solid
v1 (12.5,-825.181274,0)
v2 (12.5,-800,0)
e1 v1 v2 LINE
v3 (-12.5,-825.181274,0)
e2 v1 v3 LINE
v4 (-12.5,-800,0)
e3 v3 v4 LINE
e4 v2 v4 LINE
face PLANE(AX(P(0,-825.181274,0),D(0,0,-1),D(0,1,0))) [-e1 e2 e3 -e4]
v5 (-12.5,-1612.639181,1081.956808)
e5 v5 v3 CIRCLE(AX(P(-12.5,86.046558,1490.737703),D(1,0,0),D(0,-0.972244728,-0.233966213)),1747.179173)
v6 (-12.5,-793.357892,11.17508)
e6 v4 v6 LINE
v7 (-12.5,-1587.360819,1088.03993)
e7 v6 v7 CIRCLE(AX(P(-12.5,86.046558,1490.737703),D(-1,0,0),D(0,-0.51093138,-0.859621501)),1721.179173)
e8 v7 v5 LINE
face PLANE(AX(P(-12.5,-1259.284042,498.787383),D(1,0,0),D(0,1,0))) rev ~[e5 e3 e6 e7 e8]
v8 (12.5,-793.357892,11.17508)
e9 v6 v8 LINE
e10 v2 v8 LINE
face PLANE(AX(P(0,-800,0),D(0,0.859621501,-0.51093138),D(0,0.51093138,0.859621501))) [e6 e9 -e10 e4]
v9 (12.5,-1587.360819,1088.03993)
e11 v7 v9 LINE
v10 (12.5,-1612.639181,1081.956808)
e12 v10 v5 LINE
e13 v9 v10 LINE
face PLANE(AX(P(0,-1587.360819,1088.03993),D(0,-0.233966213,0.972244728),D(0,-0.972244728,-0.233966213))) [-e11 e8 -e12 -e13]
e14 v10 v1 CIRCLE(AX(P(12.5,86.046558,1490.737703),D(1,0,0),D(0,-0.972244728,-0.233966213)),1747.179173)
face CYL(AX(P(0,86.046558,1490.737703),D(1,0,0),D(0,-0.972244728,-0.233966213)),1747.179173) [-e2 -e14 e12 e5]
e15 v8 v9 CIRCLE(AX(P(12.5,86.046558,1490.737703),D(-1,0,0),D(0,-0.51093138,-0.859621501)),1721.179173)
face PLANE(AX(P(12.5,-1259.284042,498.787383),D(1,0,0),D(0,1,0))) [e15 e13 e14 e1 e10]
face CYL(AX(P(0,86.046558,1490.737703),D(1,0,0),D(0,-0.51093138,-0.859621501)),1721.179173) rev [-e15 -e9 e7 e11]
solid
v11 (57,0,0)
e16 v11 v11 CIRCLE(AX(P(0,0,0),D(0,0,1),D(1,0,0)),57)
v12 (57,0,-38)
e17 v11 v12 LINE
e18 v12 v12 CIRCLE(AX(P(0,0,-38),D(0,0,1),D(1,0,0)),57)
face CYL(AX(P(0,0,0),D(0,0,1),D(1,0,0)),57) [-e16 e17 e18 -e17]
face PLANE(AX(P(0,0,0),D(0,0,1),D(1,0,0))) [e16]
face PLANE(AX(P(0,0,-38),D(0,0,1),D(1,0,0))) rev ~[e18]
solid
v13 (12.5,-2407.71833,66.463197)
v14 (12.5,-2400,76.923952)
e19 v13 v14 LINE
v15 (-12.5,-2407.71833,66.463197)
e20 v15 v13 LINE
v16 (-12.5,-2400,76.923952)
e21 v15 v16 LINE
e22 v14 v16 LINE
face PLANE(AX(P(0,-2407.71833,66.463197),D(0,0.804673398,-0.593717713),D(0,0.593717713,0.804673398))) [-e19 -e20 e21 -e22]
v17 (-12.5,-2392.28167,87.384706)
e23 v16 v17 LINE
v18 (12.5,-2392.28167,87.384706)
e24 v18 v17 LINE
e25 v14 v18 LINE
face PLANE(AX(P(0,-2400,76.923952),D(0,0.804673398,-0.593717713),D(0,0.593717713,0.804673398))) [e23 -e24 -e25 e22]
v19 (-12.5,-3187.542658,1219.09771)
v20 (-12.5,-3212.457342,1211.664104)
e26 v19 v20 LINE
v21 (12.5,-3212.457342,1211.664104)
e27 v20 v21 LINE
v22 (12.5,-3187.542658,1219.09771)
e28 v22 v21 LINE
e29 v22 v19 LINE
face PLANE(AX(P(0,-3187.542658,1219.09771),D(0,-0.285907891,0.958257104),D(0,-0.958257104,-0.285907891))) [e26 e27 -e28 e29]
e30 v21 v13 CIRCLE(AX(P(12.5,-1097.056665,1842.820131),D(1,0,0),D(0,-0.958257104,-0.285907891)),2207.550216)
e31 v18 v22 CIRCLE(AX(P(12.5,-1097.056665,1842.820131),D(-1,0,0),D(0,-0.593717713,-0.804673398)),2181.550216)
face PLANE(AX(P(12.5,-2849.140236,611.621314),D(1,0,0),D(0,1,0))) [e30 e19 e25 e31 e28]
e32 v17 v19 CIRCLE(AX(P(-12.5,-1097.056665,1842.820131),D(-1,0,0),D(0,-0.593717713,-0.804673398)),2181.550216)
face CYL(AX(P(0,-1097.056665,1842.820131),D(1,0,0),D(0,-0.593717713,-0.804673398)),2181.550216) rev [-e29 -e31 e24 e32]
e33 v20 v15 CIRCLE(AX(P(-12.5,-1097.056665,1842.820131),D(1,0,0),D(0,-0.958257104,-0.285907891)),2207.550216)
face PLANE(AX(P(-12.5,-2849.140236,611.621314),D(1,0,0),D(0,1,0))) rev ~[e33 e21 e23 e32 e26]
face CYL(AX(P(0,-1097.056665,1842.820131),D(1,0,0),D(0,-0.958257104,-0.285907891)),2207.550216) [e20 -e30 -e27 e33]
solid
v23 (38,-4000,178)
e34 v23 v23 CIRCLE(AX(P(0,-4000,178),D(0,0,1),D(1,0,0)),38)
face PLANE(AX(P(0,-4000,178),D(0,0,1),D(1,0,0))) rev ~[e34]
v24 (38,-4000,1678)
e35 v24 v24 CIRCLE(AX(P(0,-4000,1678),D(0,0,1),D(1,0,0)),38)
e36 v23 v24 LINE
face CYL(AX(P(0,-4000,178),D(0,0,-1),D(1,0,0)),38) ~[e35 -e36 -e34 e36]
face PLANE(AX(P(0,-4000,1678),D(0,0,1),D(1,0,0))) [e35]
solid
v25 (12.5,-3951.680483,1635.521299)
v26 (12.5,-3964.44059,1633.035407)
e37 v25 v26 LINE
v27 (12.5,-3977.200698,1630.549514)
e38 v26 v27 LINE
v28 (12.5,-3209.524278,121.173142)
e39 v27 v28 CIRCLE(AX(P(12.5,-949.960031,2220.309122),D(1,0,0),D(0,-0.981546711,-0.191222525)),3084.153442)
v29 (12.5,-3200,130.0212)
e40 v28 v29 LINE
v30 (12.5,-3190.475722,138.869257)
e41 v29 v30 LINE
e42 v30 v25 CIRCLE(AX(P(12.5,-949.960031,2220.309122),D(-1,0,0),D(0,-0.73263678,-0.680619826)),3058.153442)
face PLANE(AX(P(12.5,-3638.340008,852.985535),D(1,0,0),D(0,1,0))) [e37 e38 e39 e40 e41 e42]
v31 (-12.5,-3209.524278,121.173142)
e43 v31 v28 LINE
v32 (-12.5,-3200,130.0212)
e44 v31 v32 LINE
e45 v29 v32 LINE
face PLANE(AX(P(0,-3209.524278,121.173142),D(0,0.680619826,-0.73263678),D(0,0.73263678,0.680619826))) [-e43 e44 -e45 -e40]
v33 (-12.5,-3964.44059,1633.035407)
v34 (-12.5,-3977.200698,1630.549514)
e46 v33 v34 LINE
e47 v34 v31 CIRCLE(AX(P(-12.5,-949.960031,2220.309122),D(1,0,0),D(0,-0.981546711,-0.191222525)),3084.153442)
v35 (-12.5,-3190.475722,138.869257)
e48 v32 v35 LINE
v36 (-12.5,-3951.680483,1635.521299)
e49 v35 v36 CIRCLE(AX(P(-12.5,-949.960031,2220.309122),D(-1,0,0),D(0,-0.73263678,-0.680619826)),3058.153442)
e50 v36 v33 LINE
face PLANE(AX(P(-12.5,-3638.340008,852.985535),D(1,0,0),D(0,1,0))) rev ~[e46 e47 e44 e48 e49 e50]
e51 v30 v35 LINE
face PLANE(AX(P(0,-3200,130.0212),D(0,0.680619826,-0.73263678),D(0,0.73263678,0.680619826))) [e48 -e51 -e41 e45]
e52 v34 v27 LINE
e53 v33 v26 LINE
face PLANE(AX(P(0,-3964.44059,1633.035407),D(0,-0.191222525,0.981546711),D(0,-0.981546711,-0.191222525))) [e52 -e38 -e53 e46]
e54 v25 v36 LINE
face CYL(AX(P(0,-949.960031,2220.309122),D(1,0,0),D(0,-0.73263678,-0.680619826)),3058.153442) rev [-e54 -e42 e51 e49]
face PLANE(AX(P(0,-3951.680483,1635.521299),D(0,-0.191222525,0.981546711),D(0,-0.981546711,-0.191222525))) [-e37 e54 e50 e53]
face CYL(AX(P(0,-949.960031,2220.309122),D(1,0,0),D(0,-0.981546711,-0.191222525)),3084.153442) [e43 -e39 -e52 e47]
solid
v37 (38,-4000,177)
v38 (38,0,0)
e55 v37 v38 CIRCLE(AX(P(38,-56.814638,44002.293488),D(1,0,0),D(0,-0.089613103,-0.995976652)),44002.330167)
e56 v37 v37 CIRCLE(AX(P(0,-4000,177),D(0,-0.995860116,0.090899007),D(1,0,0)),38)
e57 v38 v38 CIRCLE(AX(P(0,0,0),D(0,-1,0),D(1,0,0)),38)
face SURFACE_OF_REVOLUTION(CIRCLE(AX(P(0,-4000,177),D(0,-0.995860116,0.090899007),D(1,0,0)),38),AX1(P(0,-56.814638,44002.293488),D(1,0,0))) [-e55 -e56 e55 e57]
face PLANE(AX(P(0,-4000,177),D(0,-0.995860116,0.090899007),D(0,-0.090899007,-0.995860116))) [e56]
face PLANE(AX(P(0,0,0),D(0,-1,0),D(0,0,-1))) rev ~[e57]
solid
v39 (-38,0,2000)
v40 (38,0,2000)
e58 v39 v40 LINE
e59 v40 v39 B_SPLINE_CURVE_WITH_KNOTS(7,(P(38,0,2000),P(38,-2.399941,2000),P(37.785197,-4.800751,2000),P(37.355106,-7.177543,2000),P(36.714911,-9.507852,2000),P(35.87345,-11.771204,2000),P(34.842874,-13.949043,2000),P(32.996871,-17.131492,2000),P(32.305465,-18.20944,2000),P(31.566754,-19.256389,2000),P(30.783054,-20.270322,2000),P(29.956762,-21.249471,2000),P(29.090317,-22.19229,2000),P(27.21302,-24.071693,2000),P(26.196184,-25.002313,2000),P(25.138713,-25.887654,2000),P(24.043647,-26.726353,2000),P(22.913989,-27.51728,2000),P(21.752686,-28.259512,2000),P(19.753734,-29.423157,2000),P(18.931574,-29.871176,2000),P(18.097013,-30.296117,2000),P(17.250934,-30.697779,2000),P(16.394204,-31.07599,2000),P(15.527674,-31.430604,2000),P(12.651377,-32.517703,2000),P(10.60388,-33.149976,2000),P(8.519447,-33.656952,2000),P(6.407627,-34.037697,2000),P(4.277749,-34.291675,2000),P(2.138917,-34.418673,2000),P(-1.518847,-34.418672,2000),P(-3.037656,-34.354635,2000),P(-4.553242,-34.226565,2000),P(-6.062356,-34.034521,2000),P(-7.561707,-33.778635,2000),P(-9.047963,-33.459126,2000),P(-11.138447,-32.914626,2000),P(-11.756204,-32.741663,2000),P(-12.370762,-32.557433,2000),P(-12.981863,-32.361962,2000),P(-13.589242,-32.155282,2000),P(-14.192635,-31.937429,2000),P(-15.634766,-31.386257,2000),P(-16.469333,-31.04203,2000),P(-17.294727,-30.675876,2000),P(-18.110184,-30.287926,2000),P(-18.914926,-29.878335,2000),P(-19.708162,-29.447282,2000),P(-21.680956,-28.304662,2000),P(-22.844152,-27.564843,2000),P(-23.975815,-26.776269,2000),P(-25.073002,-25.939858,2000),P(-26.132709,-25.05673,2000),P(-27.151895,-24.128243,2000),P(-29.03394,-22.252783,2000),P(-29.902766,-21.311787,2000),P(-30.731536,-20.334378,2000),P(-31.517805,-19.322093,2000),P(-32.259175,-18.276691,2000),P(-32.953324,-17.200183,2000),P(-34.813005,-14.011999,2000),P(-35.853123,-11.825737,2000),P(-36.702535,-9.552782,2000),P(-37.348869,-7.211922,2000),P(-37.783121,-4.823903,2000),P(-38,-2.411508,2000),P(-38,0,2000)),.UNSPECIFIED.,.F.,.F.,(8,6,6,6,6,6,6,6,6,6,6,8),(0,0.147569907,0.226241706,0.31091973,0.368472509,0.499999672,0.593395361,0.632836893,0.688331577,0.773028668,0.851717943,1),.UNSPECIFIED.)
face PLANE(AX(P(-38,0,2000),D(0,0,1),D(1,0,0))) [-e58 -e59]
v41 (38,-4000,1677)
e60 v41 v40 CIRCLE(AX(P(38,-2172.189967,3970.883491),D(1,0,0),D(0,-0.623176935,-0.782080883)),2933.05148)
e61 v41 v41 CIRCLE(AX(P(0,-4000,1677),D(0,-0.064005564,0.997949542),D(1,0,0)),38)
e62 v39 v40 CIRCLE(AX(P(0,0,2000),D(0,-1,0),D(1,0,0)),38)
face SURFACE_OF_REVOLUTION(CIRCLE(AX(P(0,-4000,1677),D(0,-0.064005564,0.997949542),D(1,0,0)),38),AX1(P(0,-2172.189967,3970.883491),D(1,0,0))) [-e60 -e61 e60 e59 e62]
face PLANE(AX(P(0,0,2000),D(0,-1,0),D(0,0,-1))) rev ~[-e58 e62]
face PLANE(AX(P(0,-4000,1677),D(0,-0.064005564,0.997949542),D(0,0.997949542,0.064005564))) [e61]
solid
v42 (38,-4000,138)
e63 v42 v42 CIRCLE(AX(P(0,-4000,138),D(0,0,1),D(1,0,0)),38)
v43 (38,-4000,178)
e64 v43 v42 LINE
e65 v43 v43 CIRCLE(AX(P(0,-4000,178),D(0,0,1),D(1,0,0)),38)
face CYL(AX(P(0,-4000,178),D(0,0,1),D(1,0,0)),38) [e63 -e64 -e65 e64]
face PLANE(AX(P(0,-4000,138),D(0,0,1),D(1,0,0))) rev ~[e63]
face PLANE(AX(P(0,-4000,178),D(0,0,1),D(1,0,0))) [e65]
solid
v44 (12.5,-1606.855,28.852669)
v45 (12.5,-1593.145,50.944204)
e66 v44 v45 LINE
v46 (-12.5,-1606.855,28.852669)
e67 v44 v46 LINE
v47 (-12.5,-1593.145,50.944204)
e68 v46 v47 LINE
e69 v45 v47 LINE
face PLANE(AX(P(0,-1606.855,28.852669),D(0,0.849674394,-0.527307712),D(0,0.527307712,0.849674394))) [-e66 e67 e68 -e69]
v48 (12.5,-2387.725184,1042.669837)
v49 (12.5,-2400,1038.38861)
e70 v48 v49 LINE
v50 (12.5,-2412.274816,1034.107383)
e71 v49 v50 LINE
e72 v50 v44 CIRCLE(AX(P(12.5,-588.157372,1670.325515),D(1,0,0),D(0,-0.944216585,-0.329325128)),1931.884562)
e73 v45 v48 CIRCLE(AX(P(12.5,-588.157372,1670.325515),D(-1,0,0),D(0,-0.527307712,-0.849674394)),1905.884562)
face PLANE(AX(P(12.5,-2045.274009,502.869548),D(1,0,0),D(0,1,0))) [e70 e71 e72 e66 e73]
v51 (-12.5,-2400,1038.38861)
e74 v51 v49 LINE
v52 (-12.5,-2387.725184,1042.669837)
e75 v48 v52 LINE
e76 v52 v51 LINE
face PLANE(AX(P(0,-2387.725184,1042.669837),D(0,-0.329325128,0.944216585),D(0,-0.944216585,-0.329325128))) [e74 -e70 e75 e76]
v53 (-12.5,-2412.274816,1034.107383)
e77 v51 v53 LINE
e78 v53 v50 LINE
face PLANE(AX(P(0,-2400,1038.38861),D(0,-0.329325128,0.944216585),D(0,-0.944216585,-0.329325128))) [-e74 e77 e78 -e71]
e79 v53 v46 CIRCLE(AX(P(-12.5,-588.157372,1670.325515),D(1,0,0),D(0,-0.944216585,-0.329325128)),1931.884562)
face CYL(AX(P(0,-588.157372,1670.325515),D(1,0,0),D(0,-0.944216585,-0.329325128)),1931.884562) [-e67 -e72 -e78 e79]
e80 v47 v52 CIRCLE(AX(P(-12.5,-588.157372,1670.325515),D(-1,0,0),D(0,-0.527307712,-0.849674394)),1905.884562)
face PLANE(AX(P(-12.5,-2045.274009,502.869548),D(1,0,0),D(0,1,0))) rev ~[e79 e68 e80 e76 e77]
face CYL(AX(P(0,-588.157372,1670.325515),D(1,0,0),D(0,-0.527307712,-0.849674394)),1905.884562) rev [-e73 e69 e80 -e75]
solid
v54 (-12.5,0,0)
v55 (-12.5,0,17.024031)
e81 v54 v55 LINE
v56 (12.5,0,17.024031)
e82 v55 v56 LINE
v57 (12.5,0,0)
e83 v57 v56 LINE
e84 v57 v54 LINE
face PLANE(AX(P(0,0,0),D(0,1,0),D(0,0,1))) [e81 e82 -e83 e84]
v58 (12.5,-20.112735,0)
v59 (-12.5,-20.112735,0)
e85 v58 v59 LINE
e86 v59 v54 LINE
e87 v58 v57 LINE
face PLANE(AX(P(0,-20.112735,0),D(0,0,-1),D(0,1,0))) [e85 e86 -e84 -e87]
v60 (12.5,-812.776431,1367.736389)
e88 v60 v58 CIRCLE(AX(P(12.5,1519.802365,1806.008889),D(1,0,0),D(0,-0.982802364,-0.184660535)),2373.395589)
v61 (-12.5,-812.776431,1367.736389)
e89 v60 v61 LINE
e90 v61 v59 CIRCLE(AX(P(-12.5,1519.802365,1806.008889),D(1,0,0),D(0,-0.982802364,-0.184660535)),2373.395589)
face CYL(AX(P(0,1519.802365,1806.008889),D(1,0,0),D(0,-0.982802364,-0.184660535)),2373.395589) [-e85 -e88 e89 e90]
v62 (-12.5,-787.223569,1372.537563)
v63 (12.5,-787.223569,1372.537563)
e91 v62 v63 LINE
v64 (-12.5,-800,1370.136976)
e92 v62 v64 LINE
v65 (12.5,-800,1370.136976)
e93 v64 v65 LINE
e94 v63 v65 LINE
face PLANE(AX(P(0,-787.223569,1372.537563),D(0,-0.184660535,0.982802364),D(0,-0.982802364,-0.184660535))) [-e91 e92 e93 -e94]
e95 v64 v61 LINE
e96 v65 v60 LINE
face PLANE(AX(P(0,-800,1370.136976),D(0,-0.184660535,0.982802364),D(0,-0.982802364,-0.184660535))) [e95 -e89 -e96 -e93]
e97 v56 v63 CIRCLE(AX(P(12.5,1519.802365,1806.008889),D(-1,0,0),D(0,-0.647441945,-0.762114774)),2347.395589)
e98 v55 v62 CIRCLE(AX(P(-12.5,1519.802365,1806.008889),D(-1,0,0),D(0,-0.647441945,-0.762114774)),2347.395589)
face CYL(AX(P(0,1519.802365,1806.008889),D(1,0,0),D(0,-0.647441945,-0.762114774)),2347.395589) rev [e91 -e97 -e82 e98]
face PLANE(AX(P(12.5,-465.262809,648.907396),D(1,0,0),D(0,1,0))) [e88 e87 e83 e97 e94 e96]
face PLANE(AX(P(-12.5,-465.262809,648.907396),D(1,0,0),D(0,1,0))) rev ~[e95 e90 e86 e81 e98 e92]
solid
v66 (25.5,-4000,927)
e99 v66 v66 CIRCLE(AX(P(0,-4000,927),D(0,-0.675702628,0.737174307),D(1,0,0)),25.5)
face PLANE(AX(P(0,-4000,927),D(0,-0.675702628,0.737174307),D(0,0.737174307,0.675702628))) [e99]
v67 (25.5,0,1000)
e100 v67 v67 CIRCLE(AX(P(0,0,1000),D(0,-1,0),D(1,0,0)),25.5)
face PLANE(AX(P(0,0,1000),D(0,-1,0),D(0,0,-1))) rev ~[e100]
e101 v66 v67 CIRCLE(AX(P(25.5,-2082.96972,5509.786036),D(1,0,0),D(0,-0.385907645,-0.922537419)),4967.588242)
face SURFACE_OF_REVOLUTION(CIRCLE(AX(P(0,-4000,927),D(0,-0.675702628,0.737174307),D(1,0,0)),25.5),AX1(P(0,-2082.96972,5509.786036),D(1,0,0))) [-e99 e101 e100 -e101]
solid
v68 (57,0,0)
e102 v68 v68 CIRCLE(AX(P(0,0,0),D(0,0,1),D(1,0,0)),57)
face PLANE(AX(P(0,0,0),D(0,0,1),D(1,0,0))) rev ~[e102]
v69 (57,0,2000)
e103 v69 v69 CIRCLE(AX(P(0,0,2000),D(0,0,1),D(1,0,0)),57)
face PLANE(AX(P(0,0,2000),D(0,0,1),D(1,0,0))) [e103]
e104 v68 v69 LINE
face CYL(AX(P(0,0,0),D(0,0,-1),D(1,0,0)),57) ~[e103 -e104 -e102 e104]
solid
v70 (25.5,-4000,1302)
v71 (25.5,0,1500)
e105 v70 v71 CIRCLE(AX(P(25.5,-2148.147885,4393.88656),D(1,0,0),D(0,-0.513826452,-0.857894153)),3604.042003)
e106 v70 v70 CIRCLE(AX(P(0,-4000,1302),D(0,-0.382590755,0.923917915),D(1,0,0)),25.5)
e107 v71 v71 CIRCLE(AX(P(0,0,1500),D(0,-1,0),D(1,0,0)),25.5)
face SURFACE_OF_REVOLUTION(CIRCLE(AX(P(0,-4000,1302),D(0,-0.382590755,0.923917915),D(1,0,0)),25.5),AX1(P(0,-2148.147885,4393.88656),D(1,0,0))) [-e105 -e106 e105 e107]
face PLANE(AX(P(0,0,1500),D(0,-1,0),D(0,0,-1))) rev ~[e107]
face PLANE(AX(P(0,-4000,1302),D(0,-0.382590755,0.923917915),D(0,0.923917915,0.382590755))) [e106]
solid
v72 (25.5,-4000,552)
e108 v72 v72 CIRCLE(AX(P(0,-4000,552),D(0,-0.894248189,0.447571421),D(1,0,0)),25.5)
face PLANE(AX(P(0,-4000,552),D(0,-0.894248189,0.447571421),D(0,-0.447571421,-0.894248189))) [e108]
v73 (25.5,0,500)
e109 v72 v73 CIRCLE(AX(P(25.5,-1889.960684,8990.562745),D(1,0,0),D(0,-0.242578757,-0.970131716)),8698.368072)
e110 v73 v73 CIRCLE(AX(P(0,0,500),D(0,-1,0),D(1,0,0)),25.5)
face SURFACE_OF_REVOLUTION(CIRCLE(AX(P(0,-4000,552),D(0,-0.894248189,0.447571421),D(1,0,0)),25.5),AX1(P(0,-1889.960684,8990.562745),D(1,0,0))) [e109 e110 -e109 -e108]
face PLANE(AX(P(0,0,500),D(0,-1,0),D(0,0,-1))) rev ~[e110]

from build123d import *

# Parameters (mm, degrees)
F1_R      = 38
F1_R_2    = 25.5
F7_R      = 57
F8_DEPTH  = 2000
F10_DEPTH = 50
F11_DEPTH = 38
F13_R     = 38
F14_DEPTH = 1500
F15_DEPTH = 40
F17_DEPTH = 12.5


with BuildPart() as f2:
    # F2: sweep along a path in F0
    with BuildLine(Plane.YZ) as f2_path:
        ThreePointArc((-4000, 177.0000000002), (-2002.0142681387, 42.979816075), (0, 2e-10))
    # F1 (on Front) → F2 (sweep)
    with BuildSketch(Plane.XZ):
        Circle(F1_R)
    sweep(path=f2_path.line)


with BuildPart() as f3:
    # F3: sweep along a path in F0
    with BuildLine(Plane.YZ) as f3_path:
        ThreePointArc((-4000, 552), (-2003.0299153039, 292.9295920081), (0, 500))
    # F1 (on Front) → F3 (sweep)
    with BuildSketch(Plane.XZ):
        with Locations((0, 500.0000000002)):
            Circle(F1_R_2)
    sweep(path=f3_path.line)


with BuildPart() as f4:
    # F4: sweep along a path in F0
    with BuildLine(Plane.YZ) as f4_path:
        ThreePointArc((-4000, 927), (-1992.3263284343, 543.0248457124), (0, 1000))
    # F1 (on Front) → F4 (sweep)
    with BuildSketch(Plane.XZ):
        with Locations((0, 1000)):
            Circle(F1_R_2)
    sweep(path=f4_path.line)


with BuildPart() as f5:
    # F5: sweep along a path in F0
    with BuildLine(Plane.YZ) as f5_path:
        ThreePointArc((-4000, 1302), (-1969.9659671566, 794.2518617493), (0, 1500))
    # F1 (on Front) → F5 (sweep)
    with BuildSketch(Plane.XZ):
        with Locations((0, 1500)):
            Circle(F1_R_2)
    sweep(path=f5_path.line)


with BuildPart() as f6:
    # F6: sweep along a path in F0
    with BuildLine(Plane.YZ) as f6_path:
        ThreePointArc((-4000, 1677), (-1936.1144817205, 1047.3480708425), (0, 2000))
    # F1 (on Front) → F6 (sweep)
    with BuildSketch(Plane.XZ):
        with Locations((0, 2000.0000000002)):
            Circle(F1_R)
    sweep(path=f6_path.line)

    # F9 (on face) → F10 (cut)
    with BuildSketch(Plane.XZ):
        with BuildLine():
            Line((-38, 2000), (38, 2000))
            ThreePointArc((38, 2000.0000000002), (-1e-10, 2038.0000000002), (-38, 2000))
        make_face()
    extrude(amount=F10_DEPTH, mode=Mode.SUBTRACT)


with BuildPart() as f8:
    # F7 (on Top) → F8 (new body)
    with BuildSketch(Plane.XY):
        Circle(F7_R)
    extrude(amount=F8_DEPTH)


with BuildPart() as f11:
    # F11 (new): a face of the model
    f11_faces = [f8.part.faces().sort_by_distance(p)[0] for p in [
        (0, 0, 0),
    ]]
    extrude(f11_faces, amount=F11_DEPTH)


with BuildPart() as f14:
    # F13 (on offset) → F14 (new body)
    with BuildSketch(Plane.XY.offset(178)):
        with Locations((0, -4000)):
            Circle(F13_R)
    extrude(amount=F14_DEPTH)


with BuildPart() as f15:
    # F15 (new): a face of the model
    f15_faces = [f14.part.faces().sort_by_distance(p)[0] for p in [
        (0, -4000, 178),
    ]]
    extrude(f15_faces, amount=F15_DEPTH)


with BuildPart() as f17:
    # F16 (on Right) → F17 (new body, symmetric)
    with BuildSketch(Plane.YZ):
        with BuildLine():
            ThreePointArc((-800, 1370.1369762421), (-518.5695230646, 615.8377322941), (0, 0))
            Line((0, 0), (0, 17.0240310868))
            ThreePointArc((0, 17.0240310868), (-510.1010666768, 627.1288658148), (-787.2235692681, 1372.5375632021))
            Line((-787.2235692681, 1372.5375632021), (-800, 1370.1369762421))
        make_face()
        with BuildLine():
            Line((-20.1127346002, 0), (0, 0))
            ThreePointArc((0, 0), (-518.5695230646, 615.8377322941), (-800, 1370.1369762421))
            Line((-800, 1370.1369762421), (-812.7764307319, 1367.736389282))
            ThreePointArc((-812.7764307319, 1367.736389282), (-533.664934463, 615.9338192413), (-20.1127346002, 0))
        make_face()
    extrude(amount=F17_DEPTH, both=True)


with BuildPart() as f17b:
    # F16 (on Right) → F17, piece 2 (new body, symmetric)
    with BuildSketch(Plane.YZ):
        with BuildLine():
            ThreePointArc((-1600, 1084.9983692169), (-1309.740357907, 461.5845133828), (-800, 0))
            Line((-800, 0), (-793.3578920586, 11.1750795118))
            ThreePointArc((-793.3578920586, 11.1750795118), (-1299.2770619611, 469.2993975653), (-1587.3608185365, 1088.0399299892))
            Line((-1587.3608185365, 1088.0399299892), (-1600, 1084.9983692169))
        make_face()
        with BuildLine():
            Line((-825.1812737911, 0), (-800, 0))
            ThreePointArc((-800, 0), (-1309.740357907, 461.5845133828), (-1600, 1084.9983692169))
            Line((-1600, 1084.9983692169), (-1612.6391814635, 1081.9568084446))
            ThreePointArc((-1612.6391814635, 1081.9568084446), (-1326.5998401347, 462.6009345477), (-825.1812737911, 0))
        make_face()
    extrude(amount=F17_DEPTH, both=True)


with BuildPart() as f17c:
    # F16 (on Right) → F17, piece 3 (new body, symmetric)
    with BuildSketch(Plane.YZ):
        with BuildLine():
            Line((-2387.7251843922, 1042.6698365556), (-2400, 1038.3886098862))
            ThreePointArc((-2400, 1038.3886098862), (-2085.6703979002, 470.5035704526), (-1600, 39.8984365165))
            Line((-1600, 39.8984365165), (-1593.1449997405, 50.9442036443))
            ThreePointArc((-1593.1449997405, 50.9442036443), (-2075.5250927948, 478.632087188), (-2387.7251843922, 1042.6698365556))
        make_face()
        with BuildLine():
            ThreePointArc((-1600, 39.8984365165), (-2085.6703979002, 470.5035704526), (-2400, 1038.3886098862))
            Line((-2400, 1038.3886098862), (-2412.2748156078, 1034.1073832167))
            ThreePointArc((-2412.2748156078, 1034.1073832167), (-2095.8157030057, 462.3750537172), (-1606.8550002595, 28.8526693887))
            Line((-1606.8550002595, 28.8526693887), (-1600, 39.8984365165))
        make_face()
    extrude(amount=F17_DEPTH, both=True)


with BuildPart() as f17d:
    # F16 (on Right) → F17, piece 4 (new body, symmetric)
    with BuildSketch(Plane.YZ):
        with BuildLine():
            Line((-3187.5426576439, 1219.0977096394), (-3200, 1215.3809070587))
            ThreePointArc((-3200, 1215.3809070587), (-2892.6170405196, 581.0699226017), (-2400, 76.9239515066))
            Line((-2400, 76.9239515066), (-2392.2816697319, 87.3847056799))
            ThreePointArc((-2392.2816697319, 87.3847056799), (-2881.9805626144, 588.544234461), (-3187.5426576439, 1219.0977096394))
        make_face()
        with BuildLine():
            ThreePointArc((-2400, 76.9239515066), (-2892.6170405196, 581.0699226017), (-3200, 1215.3809070587))
            Line((-3200, 1215.3809070587), (-3212.4573423561, 1211.664104478))
            ThreePointArc((-3212.4573423561, 1211.664104478), (-2903.2535184249, 573.5956107424), (-2407.7183302681, 66.4631973334))
            Line((-2407.7183302681, 66.4631973334), (-2400, 76.9239515066))
        make_face()
    extrude(amount=F17_DEPTH, both=True)


with BuildPart() as f17e:
    # F16 (on Right) → F17, piece 5 (new body, symmetric)
    with BuildSketch(Plane.YZ):
        with BuildLine():
            Line((-3951.6804831163, 1635.5212993627), (-3964.4405903601, 1633.0354065395))
            ThreePointArc((-3964.4405903601, 1633.0354065395), (-3687.3962448429, 828.0352857105), (-3200, 130.021199584))
            Line((-3200, 130.021199584), (-3190.4757218555, 138.8692573271))
            ThreePointArc((-3190.4757218555, 138.8692573271), (-3675.8088489469, 833.9286935828), (-3951.6804831163, 1635.5212993627))
        make_face()
        with BuildLine():
            ThreePointArc((-3200, 130.021199584), (-3687.3962448429, 828.0352857105), (-3964.4405903601, 1633.0354065395))
            Line((-3964.4405903601, 1633.0354065395), (-3977.2006976038, 1630.5495137164))
            ThreePointArc((-3977.2006976038, 1630.5495137164), (-3698.9836407389, 822.1418778381), (-3209.5242781446, 121.1731418409))
            Line((-3209.5242781446, 121.1731418409), (-3200, 130.021199584))
        make_face()
    extrude(amount=F17_DEPTH, both=True)


solid = Compound([f2.part, f3.part, f4.part, f5.part, f6.part, f8.part, f11.part, f14.part, f15.part, f17.part, f17b.part, f17c.part, f17d.part, f17e.part])
